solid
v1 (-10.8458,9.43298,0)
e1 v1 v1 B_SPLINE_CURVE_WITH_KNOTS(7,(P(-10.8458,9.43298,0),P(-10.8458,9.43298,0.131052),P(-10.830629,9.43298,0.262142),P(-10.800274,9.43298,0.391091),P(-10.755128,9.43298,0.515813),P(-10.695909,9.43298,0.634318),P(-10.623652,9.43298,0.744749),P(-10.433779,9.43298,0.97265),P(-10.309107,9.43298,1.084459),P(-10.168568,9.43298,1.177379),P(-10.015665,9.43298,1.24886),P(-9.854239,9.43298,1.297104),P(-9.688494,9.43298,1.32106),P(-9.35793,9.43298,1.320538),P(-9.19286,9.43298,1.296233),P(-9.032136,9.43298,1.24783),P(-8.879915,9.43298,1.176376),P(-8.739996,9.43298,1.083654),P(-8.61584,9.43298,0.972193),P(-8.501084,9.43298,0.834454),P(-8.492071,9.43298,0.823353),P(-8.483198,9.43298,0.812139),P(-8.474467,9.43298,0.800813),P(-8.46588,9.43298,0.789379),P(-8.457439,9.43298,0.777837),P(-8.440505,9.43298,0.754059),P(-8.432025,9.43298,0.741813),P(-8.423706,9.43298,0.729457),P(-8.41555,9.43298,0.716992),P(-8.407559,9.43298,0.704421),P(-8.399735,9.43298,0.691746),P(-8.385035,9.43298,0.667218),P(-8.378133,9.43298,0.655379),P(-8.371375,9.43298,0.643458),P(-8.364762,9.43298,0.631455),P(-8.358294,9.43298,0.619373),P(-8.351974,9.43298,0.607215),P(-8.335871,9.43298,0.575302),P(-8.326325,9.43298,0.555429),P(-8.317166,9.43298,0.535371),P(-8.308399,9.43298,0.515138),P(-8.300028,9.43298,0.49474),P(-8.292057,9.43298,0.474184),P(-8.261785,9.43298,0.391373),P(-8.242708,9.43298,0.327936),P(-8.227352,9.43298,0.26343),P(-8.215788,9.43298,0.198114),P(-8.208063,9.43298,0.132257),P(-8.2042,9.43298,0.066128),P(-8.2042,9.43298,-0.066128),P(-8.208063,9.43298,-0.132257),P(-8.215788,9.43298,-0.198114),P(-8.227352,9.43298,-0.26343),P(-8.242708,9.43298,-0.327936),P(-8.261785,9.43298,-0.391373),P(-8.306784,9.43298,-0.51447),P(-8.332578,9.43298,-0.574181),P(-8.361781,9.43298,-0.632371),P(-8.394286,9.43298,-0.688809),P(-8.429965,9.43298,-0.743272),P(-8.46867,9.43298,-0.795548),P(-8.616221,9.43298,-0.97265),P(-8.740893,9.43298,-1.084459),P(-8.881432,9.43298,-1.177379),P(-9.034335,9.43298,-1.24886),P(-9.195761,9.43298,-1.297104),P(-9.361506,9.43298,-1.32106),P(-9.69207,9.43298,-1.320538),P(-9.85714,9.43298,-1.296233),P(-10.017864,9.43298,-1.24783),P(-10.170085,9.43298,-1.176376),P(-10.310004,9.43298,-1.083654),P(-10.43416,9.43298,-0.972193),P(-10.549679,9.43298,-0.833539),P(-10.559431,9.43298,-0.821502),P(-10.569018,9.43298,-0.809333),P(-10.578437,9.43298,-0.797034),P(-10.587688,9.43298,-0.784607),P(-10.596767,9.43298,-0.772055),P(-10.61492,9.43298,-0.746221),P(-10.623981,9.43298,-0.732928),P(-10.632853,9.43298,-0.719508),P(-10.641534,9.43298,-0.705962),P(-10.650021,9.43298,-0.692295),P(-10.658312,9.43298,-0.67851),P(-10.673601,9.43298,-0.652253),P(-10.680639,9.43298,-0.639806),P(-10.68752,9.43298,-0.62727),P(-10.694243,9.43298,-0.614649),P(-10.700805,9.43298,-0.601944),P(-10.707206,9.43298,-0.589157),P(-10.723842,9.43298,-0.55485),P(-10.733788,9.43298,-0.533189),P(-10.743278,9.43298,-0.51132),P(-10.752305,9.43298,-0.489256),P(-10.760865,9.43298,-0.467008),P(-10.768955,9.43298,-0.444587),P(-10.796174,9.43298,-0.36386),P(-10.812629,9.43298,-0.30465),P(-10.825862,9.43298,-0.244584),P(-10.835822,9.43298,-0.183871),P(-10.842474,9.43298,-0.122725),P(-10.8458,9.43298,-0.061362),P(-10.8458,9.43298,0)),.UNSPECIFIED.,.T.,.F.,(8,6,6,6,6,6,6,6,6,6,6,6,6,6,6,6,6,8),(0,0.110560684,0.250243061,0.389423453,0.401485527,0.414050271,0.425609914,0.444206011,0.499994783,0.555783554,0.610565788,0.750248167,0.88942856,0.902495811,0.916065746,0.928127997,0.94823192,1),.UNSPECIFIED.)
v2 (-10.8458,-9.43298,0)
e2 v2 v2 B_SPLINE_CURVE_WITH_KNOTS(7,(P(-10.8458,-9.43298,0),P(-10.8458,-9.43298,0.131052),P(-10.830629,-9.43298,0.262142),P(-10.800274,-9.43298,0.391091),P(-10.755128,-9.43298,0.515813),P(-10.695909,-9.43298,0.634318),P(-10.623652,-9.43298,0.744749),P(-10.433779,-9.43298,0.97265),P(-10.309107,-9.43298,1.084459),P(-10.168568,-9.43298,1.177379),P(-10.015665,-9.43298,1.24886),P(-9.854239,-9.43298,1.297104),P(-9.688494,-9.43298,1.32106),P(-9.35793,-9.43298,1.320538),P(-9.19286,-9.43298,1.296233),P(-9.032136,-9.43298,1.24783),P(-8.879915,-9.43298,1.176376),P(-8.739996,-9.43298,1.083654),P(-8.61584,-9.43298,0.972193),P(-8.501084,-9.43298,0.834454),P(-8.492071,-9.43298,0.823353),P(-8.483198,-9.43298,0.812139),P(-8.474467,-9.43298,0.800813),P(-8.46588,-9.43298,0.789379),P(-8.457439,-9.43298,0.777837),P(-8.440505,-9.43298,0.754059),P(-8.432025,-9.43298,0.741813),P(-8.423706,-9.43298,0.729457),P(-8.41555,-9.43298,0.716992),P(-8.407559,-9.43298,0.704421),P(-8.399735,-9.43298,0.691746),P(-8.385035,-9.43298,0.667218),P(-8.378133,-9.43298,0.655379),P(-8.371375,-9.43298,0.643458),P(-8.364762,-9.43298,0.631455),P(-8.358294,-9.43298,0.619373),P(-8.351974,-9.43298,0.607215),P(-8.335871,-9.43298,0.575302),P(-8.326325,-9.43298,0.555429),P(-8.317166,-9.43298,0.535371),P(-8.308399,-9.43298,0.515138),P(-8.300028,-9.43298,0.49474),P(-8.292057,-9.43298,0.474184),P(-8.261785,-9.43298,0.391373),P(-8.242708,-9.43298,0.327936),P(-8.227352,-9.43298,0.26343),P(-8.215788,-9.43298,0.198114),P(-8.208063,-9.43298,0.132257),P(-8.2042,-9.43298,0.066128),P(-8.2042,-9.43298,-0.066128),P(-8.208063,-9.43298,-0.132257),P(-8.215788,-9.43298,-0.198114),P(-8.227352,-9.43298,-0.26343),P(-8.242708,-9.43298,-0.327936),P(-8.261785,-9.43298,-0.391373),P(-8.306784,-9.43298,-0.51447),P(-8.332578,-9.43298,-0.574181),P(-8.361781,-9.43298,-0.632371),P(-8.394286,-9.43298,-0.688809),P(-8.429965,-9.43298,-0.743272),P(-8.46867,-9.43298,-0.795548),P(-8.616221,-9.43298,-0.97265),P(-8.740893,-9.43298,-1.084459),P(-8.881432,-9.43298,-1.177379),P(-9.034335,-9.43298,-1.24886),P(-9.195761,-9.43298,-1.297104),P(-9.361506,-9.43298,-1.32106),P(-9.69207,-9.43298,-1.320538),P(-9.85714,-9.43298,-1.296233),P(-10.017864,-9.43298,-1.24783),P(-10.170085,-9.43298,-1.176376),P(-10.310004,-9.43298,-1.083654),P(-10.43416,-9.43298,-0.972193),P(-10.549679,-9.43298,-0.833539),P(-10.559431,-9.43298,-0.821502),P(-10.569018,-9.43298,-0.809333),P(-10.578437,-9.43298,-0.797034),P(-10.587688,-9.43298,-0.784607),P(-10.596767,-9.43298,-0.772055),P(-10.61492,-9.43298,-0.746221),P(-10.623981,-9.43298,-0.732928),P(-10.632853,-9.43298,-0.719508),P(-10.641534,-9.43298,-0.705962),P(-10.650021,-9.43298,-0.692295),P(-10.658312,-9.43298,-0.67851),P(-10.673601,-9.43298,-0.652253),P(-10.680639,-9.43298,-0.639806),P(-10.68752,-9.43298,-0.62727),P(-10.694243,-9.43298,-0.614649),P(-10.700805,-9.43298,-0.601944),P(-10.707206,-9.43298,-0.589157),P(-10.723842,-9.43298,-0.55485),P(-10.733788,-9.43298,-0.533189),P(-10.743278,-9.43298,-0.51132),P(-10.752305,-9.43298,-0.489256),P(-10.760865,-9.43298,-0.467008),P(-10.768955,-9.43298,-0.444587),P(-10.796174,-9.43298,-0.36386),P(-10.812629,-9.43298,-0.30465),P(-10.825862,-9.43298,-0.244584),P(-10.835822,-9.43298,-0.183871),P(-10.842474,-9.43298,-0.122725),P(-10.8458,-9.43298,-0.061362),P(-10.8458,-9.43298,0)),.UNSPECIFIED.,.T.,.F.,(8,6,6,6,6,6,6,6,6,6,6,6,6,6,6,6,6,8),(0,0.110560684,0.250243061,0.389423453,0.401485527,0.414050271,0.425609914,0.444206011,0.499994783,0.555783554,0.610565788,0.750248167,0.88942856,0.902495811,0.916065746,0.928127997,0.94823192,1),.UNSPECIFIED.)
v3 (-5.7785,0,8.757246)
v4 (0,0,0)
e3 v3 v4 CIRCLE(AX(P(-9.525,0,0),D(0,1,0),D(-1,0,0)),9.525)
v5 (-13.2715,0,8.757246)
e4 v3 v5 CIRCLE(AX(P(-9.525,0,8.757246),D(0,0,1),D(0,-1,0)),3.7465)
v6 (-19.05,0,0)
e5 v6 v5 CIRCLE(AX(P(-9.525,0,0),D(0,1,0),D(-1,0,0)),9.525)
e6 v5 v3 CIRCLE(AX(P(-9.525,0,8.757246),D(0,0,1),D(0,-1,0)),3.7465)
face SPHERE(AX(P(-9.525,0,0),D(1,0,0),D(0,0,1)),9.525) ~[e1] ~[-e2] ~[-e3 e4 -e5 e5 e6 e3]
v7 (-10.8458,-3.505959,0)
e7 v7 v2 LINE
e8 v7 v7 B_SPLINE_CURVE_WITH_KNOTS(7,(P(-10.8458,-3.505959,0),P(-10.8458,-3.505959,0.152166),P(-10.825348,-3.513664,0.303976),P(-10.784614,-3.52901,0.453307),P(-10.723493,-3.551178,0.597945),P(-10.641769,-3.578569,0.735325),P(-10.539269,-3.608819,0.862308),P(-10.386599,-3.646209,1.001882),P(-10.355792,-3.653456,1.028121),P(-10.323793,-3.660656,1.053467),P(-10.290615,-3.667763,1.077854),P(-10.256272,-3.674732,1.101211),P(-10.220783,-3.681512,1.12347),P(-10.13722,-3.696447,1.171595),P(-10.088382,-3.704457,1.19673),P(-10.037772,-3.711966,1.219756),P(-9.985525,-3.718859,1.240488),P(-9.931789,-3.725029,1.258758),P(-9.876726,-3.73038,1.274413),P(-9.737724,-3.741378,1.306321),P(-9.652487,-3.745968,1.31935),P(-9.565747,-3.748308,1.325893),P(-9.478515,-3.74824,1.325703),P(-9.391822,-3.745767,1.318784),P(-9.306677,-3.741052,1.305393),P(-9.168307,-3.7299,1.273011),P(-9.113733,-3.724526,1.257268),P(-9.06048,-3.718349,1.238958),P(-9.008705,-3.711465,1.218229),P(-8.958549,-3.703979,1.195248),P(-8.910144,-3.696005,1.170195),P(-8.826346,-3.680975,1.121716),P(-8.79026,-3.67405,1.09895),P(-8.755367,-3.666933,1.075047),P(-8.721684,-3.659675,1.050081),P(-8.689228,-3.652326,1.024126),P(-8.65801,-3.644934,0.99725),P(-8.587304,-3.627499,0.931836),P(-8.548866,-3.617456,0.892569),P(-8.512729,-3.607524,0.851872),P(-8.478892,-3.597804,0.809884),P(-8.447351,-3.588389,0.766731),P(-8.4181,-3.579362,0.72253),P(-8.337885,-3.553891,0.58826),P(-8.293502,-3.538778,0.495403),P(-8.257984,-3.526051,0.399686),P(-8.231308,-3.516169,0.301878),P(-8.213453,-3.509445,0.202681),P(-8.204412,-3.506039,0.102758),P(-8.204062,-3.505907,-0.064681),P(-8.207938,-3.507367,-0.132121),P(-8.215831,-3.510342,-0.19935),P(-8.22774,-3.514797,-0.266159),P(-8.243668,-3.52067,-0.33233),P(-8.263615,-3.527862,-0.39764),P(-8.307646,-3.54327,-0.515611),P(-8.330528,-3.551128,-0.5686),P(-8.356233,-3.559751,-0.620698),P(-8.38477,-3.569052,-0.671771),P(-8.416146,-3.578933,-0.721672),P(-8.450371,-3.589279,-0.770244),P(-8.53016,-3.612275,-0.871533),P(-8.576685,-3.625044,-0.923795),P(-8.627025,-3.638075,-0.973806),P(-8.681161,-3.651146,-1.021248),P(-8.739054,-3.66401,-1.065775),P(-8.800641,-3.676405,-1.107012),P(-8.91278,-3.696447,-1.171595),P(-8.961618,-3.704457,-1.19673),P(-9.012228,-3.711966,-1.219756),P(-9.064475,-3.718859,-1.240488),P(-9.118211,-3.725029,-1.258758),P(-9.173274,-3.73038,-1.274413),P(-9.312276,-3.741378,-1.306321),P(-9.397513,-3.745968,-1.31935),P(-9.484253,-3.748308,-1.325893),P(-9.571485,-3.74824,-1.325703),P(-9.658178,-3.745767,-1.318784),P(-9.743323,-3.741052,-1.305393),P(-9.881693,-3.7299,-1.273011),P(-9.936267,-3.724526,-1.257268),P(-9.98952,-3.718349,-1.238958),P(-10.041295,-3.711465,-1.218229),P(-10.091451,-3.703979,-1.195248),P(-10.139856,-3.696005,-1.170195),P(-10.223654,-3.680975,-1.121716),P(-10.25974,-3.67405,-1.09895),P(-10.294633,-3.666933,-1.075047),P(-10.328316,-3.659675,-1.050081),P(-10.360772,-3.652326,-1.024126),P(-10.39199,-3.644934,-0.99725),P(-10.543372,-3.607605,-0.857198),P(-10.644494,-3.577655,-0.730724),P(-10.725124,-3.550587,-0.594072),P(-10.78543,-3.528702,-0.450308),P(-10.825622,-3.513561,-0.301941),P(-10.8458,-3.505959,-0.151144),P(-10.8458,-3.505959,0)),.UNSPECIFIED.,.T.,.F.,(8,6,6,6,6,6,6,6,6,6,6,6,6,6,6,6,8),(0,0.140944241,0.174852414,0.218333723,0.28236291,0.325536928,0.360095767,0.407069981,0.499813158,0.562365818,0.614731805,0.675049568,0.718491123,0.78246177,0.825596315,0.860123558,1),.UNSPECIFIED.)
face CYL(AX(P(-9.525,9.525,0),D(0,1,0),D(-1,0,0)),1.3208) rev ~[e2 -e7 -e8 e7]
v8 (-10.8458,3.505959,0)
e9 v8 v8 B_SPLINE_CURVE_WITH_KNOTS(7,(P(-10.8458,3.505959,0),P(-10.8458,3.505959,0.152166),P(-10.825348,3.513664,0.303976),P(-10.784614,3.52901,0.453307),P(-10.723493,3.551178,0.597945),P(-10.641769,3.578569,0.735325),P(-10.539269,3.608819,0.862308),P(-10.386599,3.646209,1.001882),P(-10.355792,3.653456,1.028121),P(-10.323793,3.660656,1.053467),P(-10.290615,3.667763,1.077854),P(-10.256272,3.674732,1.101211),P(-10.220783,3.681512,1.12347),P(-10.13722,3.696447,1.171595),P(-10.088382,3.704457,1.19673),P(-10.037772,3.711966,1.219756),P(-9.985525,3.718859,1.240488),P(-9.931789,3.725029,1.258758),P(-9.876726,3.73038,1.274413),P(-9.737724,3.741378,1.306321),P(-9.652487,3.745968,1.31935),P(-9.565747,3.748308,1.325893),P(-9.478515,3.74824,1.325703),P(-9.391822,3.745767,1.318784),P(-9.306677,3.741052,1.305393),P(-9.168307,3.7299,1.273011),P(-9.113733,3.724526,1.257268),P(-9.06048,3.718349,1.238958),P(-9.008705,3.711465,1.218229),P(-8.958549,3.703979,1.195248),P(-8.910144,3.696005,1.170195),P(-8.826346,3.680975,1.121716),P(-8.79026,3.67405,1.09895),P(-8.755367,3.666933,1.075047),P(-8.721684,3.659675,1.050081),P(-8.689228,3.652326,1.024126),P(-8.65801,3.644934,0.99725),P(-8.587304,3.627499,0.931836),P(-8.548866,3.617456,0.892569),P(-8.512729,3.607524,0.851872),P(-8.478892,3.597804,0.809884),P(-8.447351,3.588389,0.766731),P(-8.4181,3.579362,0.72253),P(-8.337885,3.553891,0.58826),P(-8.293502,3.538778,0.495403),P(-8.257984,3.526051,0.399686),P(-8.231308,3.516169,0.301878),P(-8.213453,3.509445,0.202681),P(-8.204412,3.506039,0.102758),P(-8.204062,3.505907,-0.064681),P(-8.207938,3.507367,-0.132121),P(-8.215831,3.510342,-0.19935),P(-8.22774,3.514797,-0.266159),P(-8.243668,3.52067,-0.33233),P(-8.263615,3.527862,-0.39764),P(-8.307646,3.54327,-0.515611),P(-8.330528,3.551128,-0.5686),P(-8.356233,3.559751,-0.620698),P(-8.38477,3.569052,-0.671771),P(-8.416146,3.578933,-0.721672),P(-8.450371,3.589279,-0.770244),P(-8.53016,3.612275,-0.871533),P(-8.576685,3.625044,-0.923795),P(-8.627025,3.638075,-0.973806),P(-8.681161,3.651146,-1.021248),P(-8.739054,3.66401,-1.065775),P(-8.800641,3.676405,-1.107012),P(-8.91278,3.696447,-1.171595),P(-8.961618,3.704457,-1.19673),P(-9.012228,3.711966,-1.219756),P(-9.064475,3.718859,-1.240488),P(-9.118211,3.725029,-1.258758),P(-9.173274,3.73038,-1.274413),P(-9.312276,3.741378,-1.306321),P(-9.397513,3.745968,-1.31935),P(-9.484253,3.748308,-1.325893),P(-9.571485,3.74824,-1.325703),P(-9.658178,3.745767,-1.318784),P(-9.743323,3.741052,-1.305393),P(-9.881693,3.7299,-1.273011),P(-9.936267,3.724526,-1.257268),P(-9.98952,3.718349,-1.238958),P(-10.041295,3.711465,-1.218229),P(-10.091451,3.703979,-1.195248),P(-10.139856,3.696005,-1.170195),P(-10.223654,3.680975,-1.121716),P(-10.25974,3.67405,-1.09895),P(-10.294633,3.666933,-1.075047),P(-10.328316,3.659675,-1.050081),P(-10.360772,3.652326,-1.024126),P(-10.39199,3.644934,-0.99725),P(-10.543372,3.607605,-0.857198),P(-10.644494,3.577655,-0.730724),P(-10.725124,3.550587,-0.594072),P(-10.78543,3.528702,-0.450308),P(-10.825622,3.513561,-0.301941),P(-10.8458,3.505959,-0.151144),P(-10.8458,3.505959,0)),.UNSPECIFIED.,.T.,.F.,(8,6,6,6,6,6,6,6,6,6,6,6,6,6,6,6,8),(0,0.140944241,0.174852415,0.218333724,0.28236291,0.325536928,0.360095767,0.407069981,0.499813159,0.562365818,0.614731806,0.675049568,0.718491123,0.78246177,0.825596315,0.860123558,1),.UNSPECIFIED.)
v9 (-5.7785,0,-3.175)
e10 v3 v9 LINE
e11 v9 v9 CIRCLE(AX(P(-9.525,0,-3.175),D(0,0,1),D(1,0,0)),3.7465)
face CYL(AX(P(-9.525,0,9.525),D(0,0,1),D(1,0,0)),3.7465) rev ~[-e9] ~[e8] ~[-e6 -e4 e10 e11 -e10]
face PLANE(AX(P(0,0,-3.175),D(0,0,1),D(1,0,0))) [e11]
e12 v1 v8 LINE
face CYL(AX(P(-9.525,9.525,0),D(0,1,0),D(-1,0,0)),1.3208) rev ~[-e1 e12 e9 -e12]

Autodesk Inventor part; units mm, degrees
ref_plane "YZ Plane" through (0, 0, 0) normal (1, 0, 0) x (0, 1, 0)
sketch "Sketch1" plane through (0, 0, 0) normal (0, 1, 0) x (-1, 0, 0)
  line L0 (0, 0) -> (19.05, 0)
  arc A0 (19.05, 0) -> (0, 0) centre (9.525, 0) ccw
  dimension "d0" = 19.05
revolve "Revolution1" add sketch "Sketch1" angle 360 about axis through (0, 0, 0) along (-1, 0, 0)
ref_plane "Work Plane1" through (-9.525, 9.525, 0) normal (0, 1, 0) x (-1, 0, 0)
ref_plane "Work Plane2" through (0, 0, 9.525) normal (0, 0, 1) x (1, 0, 0)
sketch "Sketch5" plane through (-9.525, 9.525, 0) normal (0, 1, 0) x (-1, 0, 0)
  circle A0 centre (0, 0) radius 1.3208
  point P0 (-9.525, 0)
  dimension "d19" = 2.6416
  dimension "d20" = 9.525
extrude "Extrusion1" cut sketch "Sketch5" against normal through all
sketch "Sketch6" plane through (0, 0, 9.525) normal (0, 0, 1) x (1, 0, 0)
  circle A0 centre (-9.525, 0) radius 3.7465
  point P0 (0, 0)
  dimension "d23" = 9.525
  dimension "d24" = 7.493
extrude "Extrusion2" cut sketch "Sketch6" against normal blind 12.7
properties part number "VS-008 (HANDLE BALL)" material "Steel, Carbon"
